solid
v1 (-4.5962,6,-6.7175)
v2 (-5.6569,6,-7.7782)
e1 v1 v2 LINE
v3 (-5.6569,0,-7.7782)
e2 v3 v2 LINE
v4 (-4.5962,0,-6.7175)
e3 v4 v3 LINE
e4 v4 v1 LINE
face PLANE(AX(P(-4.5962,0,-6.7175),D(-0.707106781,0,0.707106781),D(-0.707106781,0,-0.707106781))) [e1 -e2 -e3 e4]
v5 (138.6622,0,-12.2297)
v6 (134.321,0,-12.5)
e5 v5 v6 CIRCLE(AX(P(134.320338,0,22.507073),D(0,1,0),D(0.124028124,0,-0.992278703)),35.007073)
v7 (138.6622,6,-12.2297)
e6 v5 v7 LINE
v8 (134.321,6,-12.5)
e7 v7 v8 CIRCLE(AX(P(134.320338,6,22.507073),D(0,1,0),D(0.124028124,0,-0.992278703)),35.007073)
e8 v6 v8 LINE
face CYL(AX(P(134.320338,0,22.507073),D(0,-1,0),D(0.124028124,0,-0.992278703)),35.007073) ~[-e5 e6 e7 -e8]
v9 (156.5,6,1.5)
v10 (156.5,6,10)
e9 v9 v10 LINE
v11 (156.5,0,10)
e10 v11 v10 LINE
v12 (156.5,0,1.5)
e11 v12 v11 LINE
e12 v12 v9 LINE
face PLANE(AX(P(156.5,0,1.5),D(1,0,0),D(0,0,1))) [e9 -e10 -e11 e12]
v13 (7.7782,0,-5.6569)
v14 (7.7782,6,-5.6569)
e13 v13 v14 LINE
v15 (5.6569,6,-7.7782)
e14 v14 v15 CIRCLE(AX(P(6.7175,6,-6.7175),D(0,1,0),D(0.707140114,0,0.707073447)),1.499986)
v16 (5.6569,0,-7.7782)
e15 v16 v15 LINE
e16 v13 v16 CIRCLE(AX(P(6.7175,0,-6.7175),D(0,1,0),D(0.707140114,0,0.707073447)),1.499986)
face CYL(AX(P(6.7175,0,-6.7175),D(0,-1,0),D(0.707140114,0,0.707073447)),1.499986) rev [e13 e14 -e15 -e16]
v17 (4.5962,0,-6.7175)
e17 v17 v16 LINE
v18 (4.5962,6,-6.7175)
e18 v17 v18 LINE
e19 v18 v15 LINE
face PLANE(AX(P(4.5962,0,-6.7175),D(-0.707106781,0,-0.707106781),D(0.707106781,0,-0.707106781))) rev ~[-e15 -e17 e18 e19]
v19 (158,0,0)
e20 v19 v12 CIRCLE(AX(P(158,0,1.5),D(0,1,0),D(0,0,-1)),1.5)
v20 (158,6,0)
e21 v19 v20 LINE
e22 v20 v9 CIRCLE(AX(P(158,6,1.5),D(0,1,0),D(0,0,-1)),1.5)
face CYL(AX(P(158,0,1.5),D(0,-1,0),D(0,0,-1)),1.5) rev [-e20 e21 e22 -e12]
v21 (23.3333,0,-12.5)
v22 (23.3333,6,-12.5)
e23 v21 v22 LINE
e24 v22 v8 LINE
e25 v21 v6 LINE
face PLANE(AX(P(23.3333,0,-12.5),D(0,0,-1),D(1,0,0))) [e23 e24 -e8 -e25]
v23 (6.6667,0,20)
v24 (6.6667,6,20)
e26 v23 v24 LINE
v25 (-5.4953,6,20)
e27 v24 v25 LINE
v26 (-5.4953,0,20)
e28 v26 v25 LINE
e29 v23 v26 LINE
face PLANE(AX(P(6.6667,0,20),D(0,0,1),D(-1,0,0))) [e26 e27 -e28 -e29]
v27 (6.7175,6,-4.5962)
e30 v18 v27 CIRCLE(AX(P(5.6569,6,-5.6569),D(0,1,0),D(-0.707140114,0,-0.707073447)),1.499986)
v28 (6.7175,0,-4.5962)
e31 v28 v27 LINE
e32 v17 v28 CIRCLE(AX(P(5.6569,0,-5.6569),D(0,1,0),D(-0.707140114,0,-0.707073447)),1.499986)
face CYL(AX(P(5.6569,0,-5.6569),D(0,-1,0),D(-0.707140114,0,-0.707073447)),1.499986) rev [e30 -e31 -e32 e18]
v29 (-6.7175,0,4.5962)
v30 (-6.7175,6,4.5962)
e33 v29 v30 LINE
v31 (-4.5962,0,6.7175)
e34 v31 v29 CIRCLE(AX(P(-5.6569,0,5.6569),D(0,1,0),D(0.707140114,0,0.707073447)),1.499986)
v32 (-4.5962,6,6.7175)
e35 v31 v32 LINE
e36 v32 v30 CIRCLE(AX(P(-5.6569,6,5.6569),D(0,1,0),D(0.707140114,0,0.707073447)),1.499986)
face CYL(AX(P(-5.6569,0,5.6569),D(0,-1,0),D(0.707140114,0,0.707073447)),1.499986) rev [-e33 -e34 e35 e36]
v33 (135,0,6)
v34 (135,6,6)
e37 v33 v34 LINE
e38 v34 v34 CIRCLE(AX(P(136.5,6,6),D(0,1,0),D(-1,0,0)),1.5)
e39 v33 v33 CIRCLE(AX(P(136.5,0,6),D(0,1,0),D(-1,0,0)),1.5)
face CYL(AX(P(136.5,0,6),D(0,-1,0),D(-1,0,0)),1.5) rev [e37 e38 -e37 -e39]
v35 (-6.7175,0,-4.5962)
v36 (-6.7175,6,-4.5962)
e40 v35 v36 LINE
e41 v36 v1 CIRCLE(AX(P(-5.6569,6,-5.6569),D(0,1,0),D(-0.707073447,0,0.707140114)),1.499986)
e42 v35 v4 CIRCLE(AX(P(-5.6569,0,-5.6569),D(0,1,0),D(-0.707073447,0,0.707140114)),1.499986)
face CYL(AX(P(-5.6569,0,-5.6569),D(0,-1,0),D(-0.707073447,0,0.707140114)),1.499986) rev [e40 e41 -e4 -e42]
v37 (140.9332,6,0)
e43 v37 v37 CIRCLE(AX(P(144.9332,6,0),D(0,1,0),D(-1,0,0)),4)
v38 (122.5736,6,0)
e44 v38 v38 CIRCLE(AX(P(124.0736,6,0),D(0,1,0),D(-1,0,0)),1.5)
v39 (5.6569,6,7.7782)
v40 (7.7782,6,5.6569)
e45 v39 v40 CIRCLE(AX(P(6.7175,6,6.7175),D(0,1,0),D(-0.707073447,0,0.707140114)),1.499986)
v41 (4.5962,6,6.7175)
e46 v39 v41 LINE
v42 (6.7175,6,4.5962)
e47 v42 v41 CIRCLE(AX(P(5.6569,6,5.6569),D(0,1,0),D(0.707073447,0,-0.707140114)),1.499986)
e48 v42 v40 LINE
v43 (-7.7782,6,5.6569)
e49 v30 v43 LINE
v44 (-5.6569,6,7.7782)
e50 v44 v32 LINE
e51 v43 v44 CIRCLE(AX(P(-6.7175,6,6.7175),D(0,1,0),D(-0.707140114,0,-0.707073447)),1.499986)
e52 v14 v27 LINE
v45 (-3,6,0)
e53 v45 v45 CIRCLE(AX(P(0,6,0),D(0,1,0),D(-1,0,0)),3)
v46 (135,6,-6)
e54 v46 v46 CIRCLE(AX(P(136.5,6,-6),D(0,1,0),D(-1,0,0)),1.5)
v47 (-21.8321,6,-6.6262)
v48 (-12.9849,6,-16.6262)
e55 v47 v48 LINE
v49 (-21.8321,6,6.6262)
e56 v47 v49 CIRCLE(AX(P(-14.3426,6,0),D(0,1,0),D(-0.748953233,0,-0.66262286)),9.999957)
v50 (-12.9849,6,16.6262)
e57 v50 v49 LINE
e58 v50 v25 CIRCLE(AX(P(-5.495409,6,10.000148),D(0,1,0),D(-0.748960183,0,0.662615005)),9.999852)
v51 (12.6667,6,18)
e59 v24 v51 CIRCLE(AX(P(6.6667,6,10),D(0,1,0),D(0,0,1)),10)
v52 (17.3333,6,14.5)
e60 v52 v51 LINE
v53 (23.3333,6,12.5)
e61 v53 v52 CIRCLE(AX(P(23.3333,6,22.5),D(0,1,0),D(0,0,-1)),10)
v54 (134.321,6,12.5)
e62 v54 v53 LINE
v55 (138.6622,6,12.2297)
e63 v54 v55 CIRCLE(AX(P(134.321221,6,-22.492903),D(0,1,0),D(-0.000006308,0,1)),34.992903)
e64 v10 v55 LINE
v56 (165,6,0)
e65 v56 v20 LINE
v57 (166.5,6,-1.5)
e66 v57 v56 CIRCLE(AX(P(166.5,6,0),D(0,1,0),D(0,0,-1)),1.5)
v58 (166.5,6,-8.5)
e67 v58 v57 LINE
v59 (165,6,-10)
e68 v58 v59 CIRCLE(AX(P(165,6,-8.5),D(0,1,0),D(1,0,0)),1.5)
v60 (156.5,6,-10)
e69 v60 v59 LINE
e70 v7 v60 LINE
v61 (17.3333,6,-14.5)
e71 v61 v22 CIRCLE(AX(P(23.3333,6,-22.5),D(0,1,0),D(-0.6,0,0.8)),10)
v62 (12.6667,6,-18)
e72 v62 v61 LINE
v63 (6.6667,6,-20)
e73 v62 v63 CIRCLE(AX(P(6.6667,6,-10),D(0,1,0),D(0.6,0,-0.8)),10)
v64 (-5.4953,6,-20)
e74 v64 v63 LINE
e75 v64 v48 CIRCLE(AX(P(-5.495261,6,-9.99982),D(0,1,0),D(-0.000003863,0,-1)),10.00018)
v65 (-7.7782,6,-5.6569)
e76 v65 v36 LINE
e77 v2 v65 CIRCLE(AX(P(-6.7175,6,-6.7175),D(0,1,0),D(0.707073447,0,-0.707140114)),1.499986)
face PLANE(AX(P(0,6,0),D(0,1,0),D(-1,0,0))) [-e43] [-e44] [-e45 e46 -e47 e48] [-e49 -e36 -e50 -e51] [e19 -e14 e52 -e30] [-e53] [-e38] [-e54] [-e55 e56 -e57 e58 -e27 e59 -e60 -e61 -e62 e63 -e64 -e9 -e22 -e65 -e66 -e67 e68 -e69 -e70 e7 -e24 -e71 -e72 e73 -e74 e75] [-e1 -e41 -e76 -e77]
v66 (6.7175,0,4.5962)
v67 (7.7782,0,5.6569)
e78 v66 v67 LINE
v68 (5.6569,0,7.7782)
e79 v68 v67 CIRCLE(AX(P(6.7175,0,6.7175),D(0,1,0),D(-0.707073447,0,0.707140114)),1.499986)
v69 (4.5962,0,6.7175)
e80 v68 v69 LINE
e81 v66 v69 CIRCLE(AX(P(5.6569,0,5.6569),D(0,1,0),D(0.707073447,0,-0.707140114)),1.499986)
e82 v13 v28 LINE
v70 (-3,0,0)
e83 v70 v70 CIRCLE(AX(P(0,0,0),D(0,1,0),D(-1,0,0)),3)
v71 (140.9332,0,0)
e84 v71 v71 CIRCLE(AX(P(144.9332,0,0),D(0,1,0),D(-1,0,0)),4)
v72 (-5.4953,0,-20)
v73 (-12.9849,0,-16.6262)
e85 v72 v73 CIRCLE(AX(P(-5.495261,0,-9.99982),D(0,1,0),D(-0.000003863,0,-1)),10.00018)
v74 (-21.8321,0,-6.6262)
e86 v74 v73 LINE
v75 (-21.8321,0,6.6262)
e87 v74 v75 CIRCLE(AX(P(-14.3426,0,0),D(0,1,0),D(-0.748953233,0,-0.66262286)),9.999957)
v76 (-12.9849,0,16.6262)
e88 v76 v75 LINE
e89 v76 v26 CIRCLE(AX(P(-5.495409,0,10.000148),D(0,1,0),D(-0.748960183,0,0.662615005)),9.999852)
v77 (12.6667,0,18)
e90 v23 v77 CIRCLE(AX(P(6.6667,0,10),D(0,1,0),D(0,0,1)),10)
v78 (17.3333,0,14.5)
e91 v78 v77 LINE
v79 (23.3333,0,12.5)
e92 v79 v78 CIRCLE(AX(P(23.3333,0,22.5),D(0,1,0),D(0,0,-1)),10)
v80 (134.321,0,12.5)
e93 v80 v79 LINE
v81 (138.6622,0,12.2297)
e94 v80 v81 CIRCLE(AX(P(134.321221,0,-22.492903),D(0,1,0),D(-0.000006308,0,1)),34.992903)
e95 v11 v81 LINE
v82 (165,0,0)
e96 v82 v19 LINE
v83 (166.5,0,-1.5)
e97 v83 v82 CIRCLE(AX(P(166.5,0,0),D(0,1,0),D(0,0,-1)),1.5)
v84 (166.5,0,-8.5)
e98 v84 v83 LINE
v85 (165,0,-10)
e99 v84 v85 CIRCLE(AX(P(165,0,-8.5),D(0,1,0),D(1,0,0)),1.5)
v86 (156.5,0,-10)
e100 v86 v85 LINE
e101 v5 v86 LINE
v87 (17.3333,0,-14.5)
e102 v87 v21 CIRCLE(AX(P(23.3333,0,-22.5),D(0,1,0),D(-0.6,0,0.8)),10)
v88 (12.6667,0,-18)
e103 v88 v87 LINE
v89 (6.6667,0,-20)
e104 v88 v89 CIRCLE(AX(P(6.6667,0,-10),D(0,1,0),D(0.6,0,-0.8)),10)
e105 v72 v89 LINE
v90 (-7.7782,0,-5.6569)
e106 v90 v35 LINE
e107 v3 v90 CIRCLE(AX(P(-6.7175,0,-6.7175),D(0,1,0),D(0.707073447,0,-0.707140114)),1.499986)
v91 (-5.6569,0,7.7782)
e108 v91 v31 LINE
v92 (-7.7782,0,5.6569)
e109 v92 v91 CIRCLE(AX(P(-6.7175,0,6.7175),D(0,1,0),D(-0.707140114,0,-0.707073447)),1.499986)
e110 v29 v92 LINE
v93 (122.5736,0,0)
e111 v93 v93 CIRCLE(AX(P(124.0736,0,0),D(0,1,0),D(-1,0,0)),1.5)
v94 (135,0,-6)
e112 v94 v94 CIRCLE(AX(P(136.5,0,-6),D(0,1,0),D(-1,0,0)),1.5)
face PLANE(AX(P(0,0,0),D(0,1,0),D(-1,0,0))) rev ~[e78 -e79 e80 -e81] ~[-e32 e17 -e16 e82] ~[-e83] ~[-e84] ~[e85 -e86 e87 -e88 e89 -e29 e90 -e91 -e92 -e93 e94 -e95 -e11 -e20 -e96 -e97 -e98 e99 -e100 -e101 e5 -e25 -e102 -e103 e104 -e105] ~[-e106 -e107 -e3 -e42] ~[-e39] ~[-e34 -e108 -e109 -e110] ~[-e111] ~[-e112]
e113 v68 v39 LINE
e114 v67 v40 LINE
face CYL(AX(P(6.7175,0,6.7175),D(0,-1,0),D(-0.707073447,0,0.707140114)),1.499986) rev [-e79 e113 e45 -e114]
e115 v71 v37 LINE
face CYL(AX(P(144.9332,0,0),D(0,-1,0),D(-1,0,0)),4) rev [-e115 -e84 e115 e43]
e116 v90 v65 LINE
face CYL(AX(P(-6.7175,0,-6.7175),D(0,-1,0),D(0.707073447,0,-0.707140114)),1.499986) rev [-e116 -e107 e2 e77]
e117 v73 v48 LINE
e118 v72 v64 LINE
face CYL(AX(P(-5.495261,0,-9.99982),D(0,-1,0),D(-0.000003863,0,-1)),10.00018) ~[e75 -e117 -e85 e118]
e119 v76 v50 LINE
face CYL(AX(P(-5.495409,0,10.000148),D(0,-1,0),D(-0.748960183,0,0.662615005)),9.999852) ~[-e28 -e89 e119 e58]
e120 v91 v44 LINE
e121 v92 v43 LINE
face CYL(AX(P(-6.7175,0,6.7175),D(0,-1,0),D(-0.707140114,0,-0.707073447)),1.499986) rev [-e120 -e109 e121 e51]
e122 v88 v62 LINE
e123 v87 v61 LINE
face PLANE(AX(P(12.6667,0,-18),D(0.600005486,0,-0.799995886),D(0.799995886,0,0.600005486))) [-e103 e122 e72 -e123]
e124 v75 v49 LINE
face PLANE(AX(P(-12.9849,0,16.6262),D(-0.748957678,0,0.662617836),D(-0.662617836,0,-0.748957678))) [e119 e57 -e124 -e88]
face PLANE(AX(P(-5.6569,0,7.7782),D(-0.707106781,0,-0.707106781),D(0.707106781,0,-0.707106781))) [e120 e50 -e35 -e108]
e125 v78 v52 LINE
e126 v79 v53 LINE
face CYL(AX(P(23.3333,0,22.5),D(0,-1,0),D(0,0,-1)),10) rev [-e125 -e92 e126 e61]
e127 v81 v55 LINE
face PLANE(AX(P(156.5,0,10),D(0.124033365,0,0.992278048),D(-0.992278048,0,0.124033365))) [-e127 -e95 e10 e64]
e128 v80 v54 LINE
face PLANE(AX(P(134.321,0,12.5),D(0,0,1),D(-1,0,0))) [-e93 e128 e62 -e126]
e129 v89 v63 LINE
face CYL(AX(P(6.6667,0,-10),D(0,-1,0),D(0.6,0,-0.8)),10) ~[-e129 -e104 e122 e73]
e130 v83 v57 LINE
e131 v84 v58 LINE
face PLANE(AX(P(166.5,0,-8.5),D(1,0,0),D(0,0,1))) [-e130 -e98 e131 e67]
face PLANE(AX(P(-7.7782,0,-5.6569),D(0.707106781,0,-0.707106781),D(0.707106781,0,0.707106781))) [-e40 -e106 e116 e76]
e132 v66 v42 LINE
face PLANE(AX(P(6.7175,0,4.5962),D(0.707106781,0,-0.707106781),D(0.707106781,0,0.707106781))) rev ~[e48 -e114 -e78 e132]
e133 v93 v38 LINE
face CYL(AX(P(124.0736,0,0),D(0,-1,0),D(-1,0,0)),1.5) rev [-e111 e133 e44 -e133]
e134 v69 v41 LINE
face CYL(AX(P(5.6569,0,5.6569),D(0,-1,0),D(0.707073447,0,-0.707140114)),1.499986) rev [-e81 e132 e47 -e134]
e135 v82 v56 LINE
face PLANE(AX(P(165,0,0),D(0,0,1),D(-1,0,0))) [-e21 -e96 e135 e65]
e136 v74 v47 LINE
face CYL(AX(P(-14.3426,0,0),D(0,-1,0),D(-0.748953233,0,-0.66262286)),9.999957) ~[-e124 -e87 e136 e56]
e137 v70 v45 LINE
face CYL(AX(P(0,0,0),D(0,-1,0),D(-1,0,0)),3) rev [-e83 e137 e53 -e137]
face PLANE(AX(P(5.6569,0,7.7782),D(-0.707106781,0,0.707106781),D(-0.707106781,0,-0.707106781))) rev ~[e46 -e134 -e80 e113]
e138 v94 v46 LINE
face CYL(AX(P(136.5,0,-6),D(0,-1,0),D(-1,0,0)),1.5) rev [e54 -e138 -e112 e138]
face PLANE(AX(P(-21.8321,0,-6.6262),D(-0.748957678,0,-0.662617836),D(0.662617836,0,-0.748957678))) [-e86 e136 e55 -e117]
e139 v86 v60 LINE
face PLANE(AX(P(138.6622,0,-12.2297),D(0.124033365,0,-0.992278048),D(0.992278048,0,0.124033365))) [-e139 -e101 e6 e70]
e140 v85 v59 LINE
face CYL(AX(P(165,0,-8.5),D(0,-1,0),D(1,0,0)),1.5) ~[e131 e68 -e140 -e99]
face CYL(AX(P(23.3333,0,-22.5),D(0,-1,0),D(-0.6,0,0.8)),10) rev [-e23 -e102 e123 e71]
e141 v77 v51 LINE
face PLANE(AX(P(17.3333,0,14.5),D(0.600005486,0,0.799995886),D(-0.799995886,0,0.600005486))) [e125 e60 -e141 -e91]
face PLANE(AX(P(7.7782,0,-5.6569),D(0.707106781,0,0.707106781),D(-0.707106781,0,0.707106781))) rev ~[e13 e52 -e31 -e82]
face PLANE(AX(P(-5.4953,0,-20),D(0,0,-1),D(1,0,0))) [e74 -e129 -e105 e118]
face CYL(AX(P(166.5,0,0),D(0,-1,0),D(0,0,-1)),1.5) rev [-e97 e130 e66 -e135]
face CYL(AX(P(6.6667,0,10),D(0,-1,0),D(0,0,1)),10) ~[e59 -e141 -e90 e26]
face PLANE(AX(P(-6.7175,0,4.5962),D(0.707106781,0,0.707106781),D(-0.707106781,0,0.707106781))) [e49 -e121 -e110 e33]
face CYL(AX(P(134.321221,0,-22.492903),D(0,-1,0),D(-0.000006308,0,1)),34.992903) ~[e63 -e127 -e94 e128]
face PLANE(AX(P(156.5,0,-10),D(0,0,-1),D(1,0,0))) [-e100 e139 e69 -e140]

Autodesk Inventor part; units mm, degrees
ref_plane "YZ Plane" through (0, 0, 0) normal (1, 0, 0) x (0, 1, 0)
ref_plane "XZ Plane" through (0, 0, 0) normal (0, 1, 0) x (-1, 0, 0)
ref_plane "XY Plane" through (0, 0, 0) normal (0, 0, 1) x (1, 0, 0)
sketch "Sketch1" plane through (0, 0, 0) normal (0, 1, 0) x (-1, 0, 0)
  arc A0 (-166.5, -1.5) -> (-165, 0) centre (-166.5, 0) ccw
  line L0 (-165, 0) -> (-158, 0)
  arc A1 (-158, 0) -> (-156.5, 1.5) centre (-158, 1.5) ccw
  line L1 (-156.5, 1.5) -> (-156.5, 10)
  line L2 (-156.5, 10) -> (-138.6622, 12.2297)
  arc A2 (-134.321, 12.5) -> (-138.6622, 12.2297) centre (-134.321, -22.5) ccw
  line L3 (-134.321, 12.5) -> (-23.3333, 12.5)
  arc A3 (-23.3333, 12.5) -> (-17.3333, 14.5) centre (-23.3333, 22.5) ccw
  line L4 (-17.3333, 14.5) -> (-12.6667, 18)
  arc A4 (-6.6667, 20) -> (-12.6667, 18) centre (-6.6667, 10) ccw
  line L5 (-6.6667, 20) -> (5.4953, 20)
  arc A5 (12.9849, 16.6262) -> (5.4953, 20) centre (5.4953, 10) ccw
  line L6 (12.9849, 16.6262) -> (21.8321, 6.6262)
  arc A6 (21.8321, -6.6262) -> (21.8321, 6.6262) centre (14.3426, 0) ccw
  line L7 (21.8321, -6.6262) -> (12.9849, -16.6262)
  arc A7 (5.4953, -20) -> (12.9849, -16.6262) centre (5.4953, -10) ccw
  line L8 (5.4953, -20) -> (-6.6667, -20)
  arc A8 (-12.6667, -18) -> (-6.6667, -20) centre (-6.6667, -10) ccw
  line L9 (-12.6667, -18) -> (-17.3333, -14.5)
  arc A9 (-17.3333, -14.5) -> (-23.3333, -12.5) centre (-23.3333, -22.5) ccw
  line L10 (-23.3333, -12.5) -> (-134.321, -12.5)
  arc A10 (-138.6622, -12.2297) -> (-134.321, -12.5) centre (-134.321, 22.5) ccw
  line L11 (-138.6622, -12.2297) -> (-156.5, -10)
  line L12 (-156.5, -10) -> (-165, -10)
  arc A11 (-166.5, -8.5) -> (-165, -10) centre (-165, -8.5) ccw
  line L13 (-166.5, -8.5) -> (-166.5, -1.5)
  arc A12 (4.5962, 6.7175) -> (6.7175, 4.5962) centre (5.6569, 5.6569) ccw
  line L14 (6.7175, 4.5962) -> (7.7782, 5.6569)
  arc A13 (7.7782, 5.6569) -> (5.6569, 7.7782) centre (6.7175, 6.7175) ccw
  line L15 (5.6569, 7.7782) -> (4.5962, 6.7175)
  line L16 (-4.5962, -6.7175) -> (-5.6569, -7.7782)
  arc A14 (-7.7782, -5.6569) -> (-5.6569, -7.7782) centre (-6.7175, -6.7175) ccw
  line L17 (-7.7782, -5.6569) -> (-6.7175, -4.5962)
  arc A15 (-4.5962, -6.7175) -> (-6.7175, -4.5962) centre (-5.6569, -5.6569) ccw
  arc A16 (6.7175, -4.5962) -> (4.5962, -6.7175) centre (5.6569, -5.6569) ccw
  line L18 (4.5962, -6.7175) -> (5.6569, -7.7782)
  arc A17 (5.6569, -7.7782) -> (7.7782, -5.6569) centre (6.7175, -6.7175) ccw
  line L19 (7.7782, -5.6569) -> (6.7175, -4.5962)
  line L20 (-5.6569, 7.7782) -> (-4.5962, 6.7175)
  arc A18 (-6.7175, 4.5962) -> (-4.5962, 6.7175) centre (-5.6569, 5.6569) ccw
  line L21 (-6.7175, 4.5962) -> (-7.7782, 5.6569)
  arc A19 (-5.6569, 7.7782) -> (-7.7782, 5.6569) centre (-6.7175, 6.7175) ccw
  circle A20 centre (-136.5, -6) radius 1.5
  circle A21 centre (-124.0736, 0) radius 1.5
  circle A22 centre (-144.9332, 0) radius 4
  circle A23 centre (0, 0) radius 3
  circle A24 centre (-136.5, 6) radius 1.5
  point P0 (5.4953, -20)
  point P1 (12.9849, -16.6262)
  point P2 (21.8321, -6.6262)
  point P3 (21.8321, 6.6262)
  point P4 (-12.6667, 18)
  point P5 (-165, -10)
  point P6 (7.7782, 5.6569)
  point P7 (5.6569, 7.7782)
  point P8 (6.7175, -4.5962)
  point P9 (5.6569, -7.7782)
  point P10 (4.5962, -6.7175)
  point P11 (-4.5962, -6.7175)
  point P12 (-5.6569, -7.7782)
  point P13 (-6.7175, -4.5962)
  point P14 (-7.7782, 5.6569)
  point P15 (-5.6569, 7.7782)
extrude "Extrusion1" add sketch "Sketch1" along normal blind 6
properties part number "TokerCNC arm"
